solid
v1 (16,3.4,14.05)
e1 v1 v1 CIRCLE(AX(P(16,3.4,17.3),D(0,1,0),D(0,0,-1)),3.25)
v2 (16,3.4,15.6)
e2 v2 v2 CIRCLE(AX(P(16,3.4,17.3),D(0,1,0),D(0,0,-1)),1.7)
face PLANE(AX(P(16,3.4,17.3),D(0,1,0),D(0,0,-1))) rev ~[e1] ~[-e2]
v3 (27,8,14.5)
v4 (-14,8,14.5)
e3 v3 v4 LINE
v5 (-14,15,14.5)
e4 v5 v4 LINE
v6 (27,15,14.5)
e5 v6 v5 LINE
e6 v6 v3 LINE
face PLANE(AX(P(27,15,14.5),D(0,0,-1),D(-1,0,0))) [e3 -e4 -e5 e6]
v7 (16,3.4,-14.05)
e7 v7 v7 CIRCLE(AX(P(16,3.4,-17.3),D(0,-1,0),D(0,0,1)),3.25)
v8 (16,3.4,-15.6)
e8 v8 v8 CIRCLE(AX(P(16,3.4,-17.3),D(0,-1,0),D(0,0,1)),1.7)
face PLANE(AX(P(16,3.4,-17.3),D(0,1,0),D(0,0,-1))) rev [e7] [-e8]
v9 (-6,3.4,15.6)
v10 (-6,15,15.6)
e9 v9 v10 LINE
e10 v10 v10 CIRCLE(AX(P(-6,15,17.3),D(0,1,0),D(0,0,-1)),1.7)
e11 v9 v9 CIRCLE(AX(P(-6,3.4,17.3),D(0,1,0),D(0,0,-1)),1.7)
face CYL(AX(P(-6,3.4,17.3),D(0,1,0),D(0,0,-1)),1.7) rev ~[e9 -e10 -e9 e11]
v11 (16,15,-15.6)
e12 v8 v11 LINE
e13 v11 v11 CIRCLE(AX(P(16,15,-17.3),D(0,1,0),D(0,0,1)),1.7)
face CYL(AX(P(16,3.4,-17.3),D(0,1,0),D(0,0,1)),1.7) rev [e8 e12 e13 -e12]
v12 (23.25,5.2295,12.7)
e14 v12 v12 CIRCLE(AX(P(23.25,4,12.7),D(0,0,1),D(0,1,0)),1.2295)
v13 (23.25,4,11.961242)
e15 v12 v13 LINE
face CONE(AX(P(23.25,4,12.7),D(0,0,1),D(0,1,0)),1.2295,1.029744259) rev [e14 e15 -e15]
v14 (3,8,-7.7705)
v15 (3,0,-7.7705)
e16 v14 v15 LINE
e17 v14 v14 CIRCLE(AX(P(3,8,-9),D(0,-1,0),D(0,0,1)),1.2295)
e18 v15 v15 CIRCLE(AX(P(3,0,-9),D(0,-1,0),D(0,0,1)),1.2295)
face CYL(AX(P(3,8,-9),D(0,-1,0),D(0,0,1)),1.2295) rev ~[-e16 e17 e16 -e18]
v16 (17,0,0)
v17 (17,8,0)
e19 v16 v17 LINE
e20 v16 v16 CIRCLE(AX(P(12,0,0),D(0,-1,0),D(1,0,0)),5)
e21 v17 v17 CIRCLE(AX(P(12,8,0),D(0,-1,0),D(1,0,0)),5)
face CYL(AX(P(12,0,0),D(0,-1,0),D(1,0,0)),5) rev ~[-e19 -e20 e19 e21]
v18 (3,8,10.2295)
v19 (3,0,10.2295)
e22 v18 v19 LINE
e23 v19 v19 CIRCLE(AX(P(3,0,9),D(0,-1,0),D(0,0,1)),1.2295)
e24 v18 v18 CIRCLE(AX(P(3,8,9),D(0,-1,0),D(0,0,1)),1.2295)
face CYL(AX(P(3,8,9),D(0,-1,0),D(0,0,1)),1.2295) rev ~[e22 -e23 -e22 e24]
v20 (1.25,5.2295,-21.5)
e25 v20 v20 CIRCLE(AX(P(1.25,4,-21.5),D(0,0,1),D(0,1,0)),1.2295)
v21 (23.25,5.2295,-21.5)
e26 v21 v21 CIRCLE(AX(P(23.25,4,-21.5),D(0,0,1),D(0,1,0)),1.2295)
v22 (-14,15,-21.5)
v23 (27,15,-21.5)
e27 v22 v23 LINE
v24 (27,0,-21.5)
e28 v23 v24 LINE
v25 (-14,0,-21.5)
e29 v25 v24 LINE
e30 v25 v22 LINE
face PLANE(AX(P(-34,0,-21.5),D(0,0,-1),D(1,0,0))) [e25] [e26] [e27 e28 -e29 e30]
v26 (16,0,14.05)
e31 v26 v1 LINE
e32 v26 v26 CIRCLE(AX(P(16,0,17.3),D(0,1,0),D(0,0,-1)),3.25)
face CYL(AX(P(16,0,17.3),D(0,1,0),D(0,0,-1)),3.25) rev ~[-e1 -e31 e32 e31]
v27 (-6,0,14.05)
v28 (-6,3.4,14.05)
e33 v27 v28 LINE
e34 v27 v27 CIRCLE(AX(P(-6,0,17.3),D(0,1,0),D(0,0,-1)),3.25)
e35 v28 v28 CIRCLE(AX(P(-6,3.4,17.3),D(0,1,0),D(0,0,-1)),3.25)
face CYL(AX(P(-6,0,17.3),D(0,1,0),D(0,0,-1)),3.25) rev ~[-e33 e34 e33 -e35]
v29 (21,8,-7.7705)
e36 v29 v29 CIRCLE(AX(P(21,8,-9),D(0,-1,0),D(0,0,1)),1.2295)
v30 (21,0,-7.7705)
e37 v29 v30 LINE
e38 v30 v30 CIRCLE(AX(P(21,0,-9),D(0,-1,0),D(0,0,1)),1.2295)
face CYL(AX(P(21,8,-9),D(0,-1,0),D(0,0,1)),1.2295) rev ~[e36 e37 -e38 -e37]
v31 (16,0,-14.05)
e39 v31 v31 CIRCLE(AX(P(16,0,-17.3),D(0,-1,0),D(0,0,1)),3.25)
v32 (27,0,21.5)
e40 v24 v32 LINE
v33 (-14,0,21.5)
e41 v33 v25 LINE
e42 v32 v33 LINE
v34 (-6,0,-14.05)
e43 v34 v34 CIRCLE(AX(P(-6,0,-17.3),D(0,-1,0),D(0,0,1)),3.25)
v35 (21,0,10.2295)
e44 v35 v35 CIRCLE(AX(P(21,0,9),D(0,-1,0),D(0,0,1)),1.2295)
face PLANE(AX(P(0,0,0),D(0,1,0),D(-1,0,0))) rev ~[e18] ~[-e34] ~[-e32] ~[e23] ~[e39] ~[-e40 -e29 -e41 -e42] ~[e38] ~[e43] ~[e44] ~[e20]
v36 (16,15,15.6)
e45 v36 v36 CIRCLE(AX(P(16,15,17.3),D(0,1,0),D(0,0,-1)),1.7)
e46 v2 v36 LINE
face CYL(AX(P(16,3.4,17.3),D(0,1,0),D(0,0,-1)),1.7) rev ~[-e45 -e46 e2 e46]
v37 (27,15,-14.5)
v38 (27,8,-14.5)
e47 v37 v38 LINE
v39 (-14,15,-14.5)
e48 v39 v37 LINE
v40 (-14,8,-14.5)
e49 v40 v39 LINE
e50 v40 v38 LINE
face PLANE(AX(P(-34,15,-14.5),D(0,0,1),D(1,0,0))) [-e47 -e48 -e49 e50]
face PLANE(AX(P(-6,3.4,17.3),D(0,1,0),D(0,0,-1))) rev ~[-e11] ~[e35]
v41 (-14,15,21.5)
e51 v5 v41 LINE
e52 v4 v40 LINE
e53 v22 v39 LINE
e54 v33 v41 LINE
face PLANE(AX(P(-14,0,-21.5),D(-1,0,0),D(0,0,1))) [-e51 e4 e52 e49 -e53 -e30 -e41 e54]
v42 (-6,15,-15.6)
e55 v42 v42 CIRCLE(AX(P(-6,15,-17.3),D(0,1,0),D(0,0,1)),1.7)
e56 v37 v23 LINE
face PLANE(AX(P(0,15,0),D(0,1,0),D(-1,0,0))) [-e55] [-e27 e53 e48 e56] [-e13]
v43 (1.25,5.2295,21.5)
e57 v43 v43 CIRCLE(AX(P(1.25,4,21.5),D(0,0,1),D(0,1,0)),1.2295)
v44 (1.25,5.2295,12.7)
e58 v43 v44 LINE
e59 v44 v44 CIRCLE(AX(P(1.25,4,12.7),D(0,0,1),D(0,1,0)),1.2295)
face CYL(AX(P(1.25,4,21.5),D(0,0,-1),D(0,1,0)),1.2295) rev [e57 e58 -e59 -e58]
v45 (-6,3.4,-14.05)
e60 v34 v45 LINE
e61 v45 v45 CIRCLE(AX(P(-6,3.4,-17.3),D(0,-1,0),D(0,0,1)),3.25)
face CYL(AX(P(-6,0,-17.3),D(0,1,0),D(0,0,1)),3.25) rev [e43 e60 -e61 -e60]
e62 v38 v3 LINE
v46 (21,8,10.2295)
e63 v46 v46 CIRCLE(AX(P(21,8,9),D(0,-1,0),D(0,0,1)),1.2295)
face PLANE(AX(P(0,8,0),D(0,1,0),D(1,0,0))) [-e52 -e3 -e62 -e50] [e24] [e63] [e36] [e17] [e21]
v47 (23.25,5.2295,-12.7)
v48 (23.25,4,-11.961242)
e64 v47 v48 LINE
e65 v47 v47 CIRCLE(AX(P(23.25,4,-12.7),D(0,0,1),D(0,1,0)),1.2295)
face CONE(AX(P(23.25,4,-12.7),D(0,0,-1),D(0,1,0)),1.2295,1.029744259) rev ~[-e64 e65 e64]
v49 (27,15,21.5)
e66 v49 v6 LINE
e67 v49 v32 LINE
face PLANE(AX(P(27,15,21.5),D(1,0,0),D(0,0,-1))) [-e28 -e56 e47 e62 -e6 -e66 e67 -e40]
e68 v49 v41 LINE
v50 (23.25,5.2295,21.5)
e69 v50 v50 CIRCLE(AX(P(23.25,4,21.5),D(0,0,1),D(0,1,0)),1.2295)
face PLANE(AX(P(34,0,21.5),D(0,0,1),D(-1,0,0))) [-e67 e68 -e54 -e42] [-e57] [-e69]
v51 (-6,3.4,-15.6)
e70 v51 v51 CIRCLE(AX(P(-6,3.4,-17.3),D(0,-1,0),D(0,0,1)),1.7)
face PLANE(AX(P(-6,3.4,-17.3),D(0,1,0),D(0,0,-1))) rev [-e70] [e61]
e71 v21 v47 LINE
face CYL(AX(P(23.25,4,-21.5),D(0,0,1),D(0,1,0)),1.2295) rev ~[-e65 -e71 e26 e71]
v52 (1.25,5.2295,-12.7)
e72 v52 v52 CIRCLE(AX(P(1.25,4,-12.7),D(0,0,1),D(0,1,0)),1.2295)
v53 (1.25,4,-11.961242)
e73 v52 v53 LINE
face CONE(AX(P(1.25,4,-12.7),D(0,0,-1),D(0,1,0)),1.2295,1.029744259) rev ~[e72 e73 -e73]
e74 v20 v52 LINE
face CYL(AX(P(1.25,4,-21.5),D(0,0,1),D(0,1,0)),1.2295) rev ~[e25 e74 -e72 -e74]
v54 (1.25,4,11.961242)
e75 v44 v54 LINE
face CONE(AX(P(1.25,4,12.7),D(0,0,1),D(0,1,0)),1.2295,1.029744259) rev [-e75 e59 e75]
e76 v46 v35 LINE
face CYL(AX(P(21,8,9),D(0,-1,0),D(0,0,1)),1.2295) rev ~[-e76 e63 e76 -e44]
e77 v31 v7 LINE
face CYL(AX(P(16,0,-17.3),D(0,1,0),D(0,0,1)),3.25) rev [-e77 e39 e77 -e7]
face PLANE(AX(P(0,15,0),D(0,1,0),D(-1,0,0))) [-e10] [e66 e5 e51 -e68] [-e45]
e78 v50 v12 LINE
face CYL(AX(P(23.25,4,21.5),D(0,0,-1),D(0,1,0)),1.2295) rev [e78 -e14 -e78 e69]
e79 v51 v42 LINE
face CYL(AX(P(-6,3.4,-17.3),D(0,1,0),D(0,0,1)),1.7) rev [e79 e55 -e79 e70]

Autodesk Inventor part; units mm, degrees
ref_plane "YZ Plane" through (0, 0, 0) normal (1, 0, 0) x (0, 1, 0)
sketch "Skizze1" plane through (0, 0, 0) normal (0, 1, 0) x (-1, 0, 0)
  line L0 (-34, 21.5) -> (34, 21.5)
  line L1 (34, 21.5) -> (34, -21.5)
  line L2 (34, -21.5) -> (-34, -21.5)
  line L3 (-34, -21.5) -> (-34, 21.5)
  line L4 (-34, 21.5) -> (34, -21.5) construction
  line L5 (34, 21.5) -> (-34, -21.5) construction
  point P0 (0, 0)
  dimension "d0" = 43
  dimension "d1" = 68
extrude "Extrusion1" add sketch "Skizze1" along normal blind 15
sketch "Skizze2" plane through (0, 15, 0) normal (0, 1, 0) x (1, 0, 0)
  line L0 (-34, -21.5) -> (34, -21.5) projected
  line L1 (34, -21.5) -> (34, 21.5) projected
  line L2 (34, 21.5) -> (-34, 21.5) projected
  line L3 (-34, 21.5) -> (-34, -21.5) projected
  line L4 (-34, 14.5) -> (27, 14.5)
  line L5 (27, 14.5) -> (27, -14.5)
  line L6 (27, -14.5) -> (-34, -14.5)
  line L7 (-34, -14.5) -> (-34, 14.5)
  point P0 (0, 0)
  dimension "d4" = 29
  dimension "d5" = 14.5
  dimension "d9" = 7
  dimension "d10" = 7
extrude "Extrusion2" cut sketch "Skizze2" against normal blind 7 contours L3 L4 L5 L6
sketch "Skizze3" plane through (0, 0, 0) normal (0, -1, 0) x (1, 0, 0)
  line L0 (-34, 14.5) -> (-34, -14.5) projected
  line L1 (27, 14.5) -> (-34, 14.5) projected
  line L2 (27, -14.5) -> (27, 14.5) projected
  line L3 (-34, -14.5) -> (27, -14.5) projected
  circle A0 centre (12, 0) radius 5
  line L4 (0, 0) -> (50.6239, 0) construction
  point P0 (16, 17.3)
  dimension "d11" = 11
  dimension "d12" = 17.3
  dimension "d24" = 10
  dimension "d27" = 4
hole "Bohrung1" at (16, 0, 17.3) direction (0, 1, 0) diameter 3.4 end through all counterbore diameter 6.5 counterbore depth 3.4 clearance for "Inbusschraube ISO 4762" size "M3" standard "ISO"
pattern_linear "Rechteckige Anordnung1" count 3 spacing 22 along (-1, 0, 0) of "Bohrung1"
ref_plane "Arbeitsebene1" through (-34, 0, 0) normal (0, 0, 1) x (1, 0, 0)
mirror "Spiegeln1" about plane through (-34, 0, 0) normal (0, 0, 1) of "Bohrung1", "Rechteckige Anordnung1"
extrude "Extrusion3" cut sketch "Skizze3" against normal through all contours A0
sketch "Skizze4" plane through (0, 8, 0) normal (0, 1, 0) x (1, 0, 0)
  circle A0 centre (12, 0) radius 5 projected
  line L0 (-34, -14.5) -> (-34, 14.5) projected
  line L1 (27, -14.5) -> (-34, -14.5) projected
  line L2 (27, 14.5) -> (27, -14.5) projected
  line L3 (-34, 14.5) -> (27, 14.5) projected
  line L4 (21, -9) -> (3, -9)
  line L5 (3, -9) -> (3, 9)
  line L6 (3, 9) -> (21, 9)
  line L7 (21, 9) -> (21, -9)
  line L8 (21, -9) -> (3, 9) construction
  line L9 (3, -9) -> (21, 9) construction
  point P0 (0, 0)
  dimension "d28" = 18
  dimension "d29" = 18
hole "Bohrung2" at (3, 8, 9) at (3, 8, -9) at (21, 8, -9) at (21, 8, 9) direction (0, -1, 0) diameter 2.459 depth 8.8 tip angle 118 thread size "M3x0.5" class "6H" standard "ISO Metric profile"
sketch "Skizze5" plane through (0, 15, 0) normal (0, 1, 0) x (1, 0, 0)
  circle A0 centre (-28, 17.3) radius 1.7 projected
  circle A1 centre (-6, 17.3) radius 1.7 projected
  circle A2 centre (16, 17.3) radius 1.7 projected
  circle A3 centre (-28, -17.3) radius 1.7 projected
  circle A4 centre (-6, -17.3) radius 1.7 projected
  circle A5 centre (16, -17.3) radius 1.7 projected
  line L0 (27, -14.5) -> (-34, -14.5) projected
  line L1 (-34, -14.5) -> (-34, -21.5) projected
  line L2 (-34, -21.5) -> (34, -21.5) projected
  line L3 (34, -21.5) -> (34, 21.5) projected
  line L4 (34, 21.5) -> (-34, 21.5) projected
  line L5 (-34, 21.5) -> (-34, 14.5) projected
  line L6 (-34, 14.5) -> (27, 14.5) projected
  line L7 (27, 14.5) -> (27, -14.5) projected
  line L8 (-34, 21.5) -> (34, 21.5) projected
  line L9 (34, -21.5) -> (27, -21.5)
  line L10 (27, -21.5) -> (27, 21.5)
  line L11 (27, 21.5) -> (34, 21.5)
  line L12 (34, 21.5) -> (34, -21.5)
  point P0 (0, 0)
extrude "Extrusion4" cut sketch "Skizze5" against normal through all contours L7 L10 L4 L3 L2
sketch "Skizze6" plane through (-34, 0, -21.5) normal (-1, 0, 0) x (0, 0, 1)
  line L0 (36, 15) -> (36, 8) projected
  line L1 (36, 8) -> (7, 8) projected
  line L2 (7, 8) -> (7, 15) projected
  line L3 (0, 15) -> (7, 15) projected
  line L4 (0, 0) -> (0, 15) projected
  line L5 (43, 0) -> (0, 0) projected
  line L6 (43, 0) -> (43, 15) projected
  line L7 (36, 15) -> (43, 15) projected
  point P0 (21.5, 0)
extrude "Extrusion5" cut sketch "Skizze6" against normal blind 20
sketch "Skizze7" plane through (27, 0, -21.5) normal (0, 0, -1) x (-1, 0, 0)
  line L0 (34.7, 3.4) -> (31.3, 3.4) projected
  line L1 (36.25, 3.4) -> (29.75, 3.4) projected
  line L2 (31.3, 15) -> (34.7, 15) projected
  line L3 (9.3, 15) -> (12.7, 15) projected
  line L4 (14.25, 3.4) -> (7.75, 3.4) projected
  line L5 (34.7, 15) -> (34.7, 3.4)
  line L6 (34.7, 3.4) -> (34.7, 15) projected
  line L7 (31.3, 15) -> (31.3, 3.4)
  line L8 (9.3, 3.4) -> (12.7, 3.4) projected
  line L9 (12.7, 15) -> (12.7, 3.4)
  line L10 (9.3, 15) -> (9.3, 3.4)
  line L11 (0, 8) -> (41, 8) projected
  line L12 (29.75, 3.4) -> (29.75, 0)
  line L13 (29.75, 0) -> (29.75, 3.4) projected
  line L14 (29.75, 3.4) -> (36.25, 3.4) projected
  line L15 (36.25, 3.4) -> (36.25, 0)
  line L16 (36.25, 0) -> (36.25, 3.4) projected
  line L17 (14.25, 3.4) -> (14.25, 0)
  line L18 (14.25, 3.4) -> (14.25, 0) projected
  line L19 (7.75, 3.4) -> (14.25, 3.4) projected
  line L20 (7.75, 3.4) -> (7.75, 0)
  line L21 (7.75, 3.4) -> (7.75, 0) projected
  line L22 (41, 0) -> (0, 0) projected
  point P0 (27, 0)
  point P1 (25.75, 4)
  point P2 (3.75, 4)
  dimension "d41" = 8
  dimension "d42" = 4
  dimension "d43" = 4
  dimension "d44" = 4
  dimension "d45" = 4
hole "Bohrung3" at (1.25, 4, -21.5) at (23.25, 4, -21.5) direction (0, 0, 1) diameter 2.459 depth 8.8 tip angle 118 thread size "M3x0.5" class "6H" standard "ISO Metric profile"
ref_plane "Arbeitsebene2" through (27, 0, 0) normal (0, 0, -1) x (-1, 0, 0)
mirror "Spiegeln2" about plane through (27, 0, 0) normal (0, 0, -1) of "Bohrung3"
equation "\"d5\" = 0.5 * d4"
equation "\"d10\" = d9"
equation "\"d29\" = d28"
equation "\"d42\" = 0.5 * d41"
equation "\"d43\" = d42"
properties part number "connection_hand_2" material "Aluminium 6061"
